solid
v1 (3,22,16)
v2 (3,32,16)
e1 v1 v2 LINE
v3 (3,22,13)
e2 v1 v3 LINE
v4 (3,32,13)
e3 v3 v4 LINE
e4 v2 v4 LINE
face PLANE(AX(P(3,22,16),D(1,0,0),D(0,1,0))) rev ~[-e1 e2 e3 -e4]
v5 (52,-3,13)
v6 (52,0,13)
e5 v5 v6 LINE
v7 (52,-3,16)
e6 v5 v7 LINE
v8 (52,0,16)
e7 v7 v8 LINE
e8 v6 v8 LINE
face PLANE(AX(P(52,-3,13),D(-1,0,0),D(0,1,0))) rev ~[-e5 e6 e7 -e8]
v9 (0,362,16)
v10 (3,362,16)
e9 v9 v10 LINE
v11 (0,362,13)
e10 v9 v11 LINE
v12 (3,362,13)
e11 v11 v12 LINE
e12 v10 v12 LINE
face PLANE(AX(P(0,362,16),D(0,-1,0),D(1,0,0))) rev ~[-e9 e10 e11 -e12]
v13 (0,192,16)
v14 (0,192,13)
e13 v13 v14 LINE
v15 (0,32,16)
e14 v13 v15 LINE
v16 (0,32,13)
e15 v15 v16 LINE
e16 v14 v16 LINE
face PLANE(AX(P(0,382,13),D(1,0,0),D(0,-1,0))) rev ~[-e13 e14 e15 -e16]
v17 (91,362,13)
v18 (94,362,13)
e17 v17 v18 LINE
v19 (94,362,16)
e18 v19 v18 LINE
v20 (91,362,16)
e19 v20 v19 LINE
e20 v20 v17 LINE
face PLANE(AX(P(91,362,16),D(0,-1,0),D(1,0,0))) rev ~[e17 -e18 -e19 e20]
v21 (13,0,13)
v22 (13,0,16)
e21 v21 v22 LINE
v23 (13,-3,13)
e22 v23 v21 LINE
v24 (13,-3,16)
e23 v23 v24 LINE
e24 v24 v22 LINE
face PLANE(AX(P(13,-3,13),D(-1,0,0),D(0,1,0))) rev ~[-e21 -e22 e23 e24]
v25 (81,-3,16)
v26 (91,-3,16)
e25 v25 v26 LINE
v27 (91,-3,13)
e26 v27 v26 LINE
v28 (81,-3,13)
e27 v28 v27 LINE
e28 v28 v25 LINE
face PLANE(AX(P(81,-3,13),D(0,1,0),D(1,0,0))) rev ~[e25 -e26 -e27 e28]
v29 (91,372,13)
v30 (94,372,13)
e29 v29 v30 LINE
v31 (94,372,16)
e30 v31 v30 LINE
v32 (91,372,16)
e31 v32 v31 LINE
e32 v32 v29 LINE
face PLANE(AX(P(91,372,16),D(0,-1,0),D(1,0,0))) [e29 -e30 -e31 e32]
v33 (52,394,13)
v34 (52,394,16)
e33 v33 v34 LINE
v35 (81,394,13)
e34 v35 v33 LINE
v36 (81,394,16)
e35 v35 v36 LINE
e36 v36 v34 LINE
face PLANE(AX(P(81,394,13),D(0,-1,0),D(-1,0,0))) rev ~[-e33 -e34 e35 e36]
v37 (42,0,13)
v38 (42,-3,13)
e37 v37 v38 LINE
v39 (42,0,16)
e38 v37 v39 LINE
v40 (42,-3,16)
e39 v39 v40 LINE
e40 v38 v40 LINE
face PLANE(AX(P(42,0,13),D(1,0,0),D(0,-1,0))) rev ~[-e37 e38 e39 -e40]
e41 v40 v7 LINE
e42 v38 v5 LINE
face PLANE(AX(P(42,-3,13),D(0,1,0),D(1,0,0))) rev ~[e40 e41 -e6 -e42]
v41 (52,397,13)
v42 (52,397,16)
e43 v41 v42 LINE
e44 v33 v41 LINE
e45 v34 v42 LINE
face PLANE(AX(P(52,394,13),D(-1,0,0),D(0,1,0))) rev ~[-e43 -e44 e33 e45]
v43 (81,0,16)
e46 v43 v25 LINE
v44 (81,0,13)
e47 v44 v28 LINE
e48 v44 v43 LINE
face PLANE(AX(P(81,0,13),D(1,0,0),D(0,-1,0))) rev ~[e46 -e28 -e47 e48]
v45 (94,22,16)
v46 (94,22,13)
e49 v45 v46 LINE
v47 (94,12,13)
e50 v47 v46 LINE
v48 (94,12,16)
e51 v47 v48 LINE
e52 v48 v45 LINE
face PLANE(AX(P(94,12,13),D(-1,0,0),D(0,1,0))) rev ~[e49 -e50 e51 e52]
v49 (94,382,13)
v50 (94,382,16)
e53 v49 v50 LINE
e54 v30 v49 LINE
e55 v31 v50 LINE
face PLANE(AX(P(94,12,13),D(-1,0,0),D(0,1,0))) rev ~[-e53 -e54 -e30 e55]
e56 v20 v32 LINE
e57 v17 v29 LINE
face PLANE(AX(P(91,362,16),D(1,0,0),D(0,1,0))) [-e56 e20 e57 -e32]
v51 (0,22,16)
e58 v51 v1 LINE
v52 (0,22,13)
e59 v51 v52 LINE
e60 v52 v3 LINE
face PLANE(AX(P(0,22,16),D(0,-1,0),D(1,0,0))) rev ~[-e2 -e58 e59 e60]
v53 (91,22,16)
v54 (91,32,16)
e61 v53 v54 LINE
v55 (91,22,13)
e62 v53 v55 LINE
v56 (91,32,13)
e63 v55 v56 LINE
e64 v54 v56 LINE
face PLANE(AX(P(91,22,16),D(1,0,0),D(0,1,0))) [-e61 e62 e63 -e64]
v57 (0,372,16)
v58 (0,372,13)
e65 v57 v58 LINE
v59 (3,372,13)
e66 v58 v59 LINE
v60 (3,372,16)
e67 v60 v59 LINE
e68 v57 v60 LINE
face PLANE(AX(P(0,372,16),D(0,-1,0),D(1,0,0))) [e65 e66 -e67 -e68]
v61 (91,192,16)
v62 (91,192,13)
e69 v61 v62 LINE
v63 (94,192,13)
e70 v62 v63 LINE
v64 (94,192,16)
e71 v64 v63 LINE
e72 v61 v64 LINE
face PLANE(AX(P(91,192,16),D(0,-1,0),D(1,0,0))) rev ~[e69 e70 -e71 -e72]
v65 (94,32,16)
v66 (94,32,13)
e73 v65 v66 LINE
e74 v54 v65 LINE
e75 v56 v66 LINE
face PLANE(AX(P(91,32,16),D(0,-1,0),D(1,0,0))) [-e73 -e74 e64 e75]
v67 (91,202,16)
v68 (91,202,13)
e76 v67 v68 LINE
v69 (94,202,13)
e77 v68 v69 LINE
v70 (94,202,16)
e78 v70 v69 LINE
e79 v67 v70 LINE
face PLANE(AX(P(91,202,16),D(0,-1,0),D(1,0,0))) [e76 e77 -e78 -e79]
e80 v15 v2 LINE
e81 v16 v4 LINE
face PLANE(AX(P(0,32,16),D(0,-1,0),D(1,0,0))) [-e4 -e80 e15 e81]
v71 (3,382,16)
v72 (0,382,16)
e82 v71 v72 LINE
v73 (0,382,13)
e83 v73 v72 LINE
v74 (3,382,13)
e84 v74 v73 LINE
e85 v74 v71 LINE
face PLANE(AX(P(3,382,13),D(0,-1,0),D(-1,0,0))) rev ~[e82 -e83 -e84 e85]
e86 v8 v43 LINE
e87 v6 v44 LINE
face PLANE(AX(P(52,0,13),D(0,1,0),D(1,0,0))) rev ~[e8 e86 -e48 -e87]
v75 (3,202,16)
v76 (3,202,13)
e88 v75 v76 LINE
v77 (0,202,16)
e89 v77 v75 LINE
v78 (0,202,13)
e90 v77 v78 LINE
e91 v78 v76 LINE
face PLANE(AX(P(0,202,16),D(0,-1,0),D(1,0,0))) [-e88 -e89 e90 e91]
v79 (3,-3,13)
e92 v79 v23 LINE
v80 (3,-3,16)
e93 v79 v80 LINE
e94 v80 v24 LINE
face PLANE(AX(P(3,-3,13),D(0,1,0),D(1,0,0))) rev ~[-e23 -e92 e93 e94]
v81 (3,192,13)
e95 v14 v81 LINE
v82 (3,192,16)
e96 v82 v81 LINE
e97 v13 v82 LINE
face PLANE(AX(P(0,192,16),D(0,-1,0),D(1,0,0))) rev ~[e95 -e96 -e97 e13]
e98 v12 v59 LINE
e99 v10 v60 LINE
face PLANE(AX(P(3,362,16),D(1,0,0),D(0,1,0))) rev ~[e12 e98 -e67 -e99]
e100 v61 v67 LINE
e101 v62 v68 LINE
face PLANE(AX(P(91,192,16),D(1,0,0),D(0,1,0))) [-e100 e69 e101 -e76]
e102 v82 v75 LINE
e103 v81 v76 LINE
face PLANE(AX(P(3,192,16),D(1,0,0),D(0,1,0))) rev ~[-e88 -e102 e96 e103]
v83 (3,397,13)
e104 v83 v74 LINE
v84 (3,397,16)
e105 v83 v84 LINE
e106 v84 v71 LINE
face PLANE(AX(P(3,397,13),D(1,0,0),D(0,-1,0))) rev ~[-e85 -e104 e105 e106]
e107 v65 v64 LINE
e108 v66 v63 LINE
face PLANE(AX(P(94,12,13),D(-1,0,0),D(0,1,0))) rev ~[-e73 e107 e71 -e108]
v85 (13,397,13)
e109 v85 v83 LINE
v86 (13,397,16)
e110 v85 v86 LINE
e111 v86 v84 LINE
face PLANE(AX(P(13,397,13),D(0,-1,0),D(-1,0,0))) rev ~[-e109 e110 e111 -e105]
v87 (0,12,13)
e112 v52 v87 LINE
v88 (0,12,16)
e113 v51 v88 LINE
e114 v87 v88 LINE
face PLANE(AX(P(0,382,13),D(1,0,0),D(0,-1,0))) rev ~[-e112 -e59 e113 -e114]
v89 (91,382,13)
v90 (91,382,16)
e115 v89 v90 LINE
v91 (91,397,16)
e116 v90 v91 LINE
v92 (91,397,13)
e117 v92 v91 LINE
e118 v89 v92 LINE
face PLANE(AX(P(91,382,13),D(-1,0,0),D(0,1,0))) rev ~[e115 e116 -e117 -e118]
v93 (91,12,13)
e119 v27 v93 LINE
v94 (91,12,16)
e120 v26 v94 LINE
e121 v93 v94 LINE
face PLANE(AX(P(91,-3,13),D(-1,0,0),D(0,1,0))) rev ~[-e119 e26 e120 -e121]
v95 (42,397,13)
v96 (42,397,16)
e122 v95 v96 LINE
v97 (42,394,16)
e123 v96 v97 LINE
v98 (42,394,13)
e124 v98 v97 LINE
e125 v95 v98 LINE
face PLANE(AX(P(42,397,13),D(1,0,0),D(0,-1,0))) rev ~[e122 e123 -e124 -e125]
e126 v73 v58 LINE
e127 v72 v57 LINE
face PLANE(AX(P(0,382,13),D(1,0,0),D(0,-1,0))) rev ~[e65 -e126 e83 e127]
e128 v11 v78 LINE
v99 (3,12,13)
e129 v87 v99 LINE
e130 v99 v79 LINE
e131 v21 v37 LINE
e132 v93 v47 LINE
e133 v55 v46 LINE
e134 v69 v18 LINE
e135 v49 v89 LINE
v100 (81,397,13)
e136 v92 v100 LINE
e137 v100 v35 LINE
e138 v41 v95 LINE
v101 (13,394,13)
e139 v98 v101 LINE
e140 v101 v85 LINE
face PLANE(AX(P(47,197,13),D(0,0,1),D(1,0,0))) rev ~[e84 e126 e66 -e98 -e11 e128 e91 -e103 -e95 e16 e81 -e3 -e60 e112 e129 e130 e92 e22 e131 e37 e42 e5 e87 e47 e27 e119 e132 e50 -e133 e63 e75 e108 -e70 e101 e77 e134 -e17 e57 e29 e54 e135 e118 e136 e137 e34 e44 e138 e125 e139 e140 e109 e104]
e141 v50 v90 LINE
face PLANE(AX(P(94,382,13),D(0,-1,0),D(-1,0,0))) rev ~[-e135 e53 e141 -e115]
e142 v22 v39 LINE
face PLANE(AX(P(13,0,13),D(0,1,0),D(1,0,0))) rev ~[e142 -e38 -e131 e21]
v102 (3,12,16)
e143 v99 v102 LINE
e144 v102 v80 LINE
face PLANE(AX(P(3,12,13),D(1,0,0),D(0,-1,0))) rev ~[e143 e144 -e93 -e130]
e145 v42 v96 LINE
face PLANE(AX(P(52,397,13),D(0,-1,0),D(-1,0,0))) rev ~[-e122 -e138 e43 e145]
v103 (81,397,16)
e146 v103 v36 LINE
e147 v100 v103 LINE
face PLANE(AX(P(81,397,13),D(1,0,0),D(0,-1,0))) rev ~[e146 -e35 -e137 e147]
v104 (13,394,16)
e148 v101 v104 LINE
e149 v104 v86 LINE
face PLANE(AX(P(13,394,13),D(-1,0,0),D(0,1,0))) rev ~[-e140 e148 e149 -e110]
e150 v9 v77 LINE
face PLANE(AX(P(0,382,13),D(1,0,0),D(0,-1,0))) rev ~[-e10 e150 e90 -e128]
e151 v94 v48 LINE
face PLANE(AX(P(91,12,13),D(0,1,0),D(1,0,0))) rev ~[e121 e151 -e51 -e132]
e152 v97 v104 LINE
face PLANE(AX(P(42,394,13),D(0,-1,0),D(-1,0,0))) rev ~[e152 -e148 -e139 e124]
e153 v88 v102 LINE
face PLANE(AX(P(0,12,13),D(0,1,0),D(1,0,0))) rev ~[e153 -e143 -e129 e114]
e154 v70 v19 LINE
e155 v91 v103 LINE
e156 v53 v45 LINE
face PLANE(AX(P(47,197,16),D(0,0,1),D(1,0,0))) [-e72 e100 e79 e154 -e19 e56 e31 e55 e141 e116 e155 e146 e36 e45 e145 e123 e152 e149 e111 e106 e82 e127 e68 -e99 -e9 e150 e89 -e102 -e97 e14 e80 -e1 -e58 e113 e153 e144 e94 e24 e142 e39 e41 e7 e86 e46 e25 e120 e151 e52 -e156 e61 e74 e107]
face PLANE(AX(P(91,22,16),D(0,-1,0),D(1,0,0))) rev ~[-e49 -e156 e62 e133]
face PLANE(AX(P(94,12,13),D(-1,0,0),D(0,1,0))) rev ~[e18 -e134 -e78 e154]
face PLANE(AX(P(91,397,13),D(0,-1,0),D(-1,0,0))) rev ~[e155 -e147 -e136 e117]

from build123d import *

# Parameters (mm, degrees)
PAD006_DEPTH           = 3
SKETCH012_W            = 3
SKETCH012_H            = 10
POCKET005_DEPTH        = 3
LINEARPATTERN004_COUNT = 3
LINEARPATTERN004_PITCH = 170


with BuildPart() as part:
    # Sketch010 → Pad006 (new body)
    with BuildSketch(Plane.XY):
        Polygon((0, -3), (10, -3), (10, 0), (39, 0), (39, -3), (49, -3), (49, 0), (78, 0), (78, -3), (88, -3), (88, 12), (91, 12), (91, 382), (88, 382), (88, 397), (78, 397), (78, 394), (49, 394), (49, 397), (39, 397), (39, 394), (10, 394), (10, 397), (0, 397), (0, 382), (-3, 382), (-3, 12), (0, 12), align=None)
    extrude(amount=PAD006_DEPTH)

    # Sketch012 → Pocket005 (cut)
    with BuildSketch(Plane.XY.offset(3)):
        with Locations((-1.5, 27)):
            Rectangle(SKETCH012_W, SKETCH012_H)
        with Locations((89.5, 27)):
            Rectangle(SKETCH012_W, SKETCH012_H)
    pocket005 = extrude(amount=-POCKET005_DEPTH, mode=Mode.SUBTRACT)

    # LinearPattern004: Pocket005 ×3
    with Locations(*[(0, i * LINEARPATTERN004_PITCH, 0) for i in range(1, LINEARPATTERN004_COUNT)]):
        add(pocket005, mode=Mode.SUBTRACT)


with BuildPart() as part_1:
    # Body006 placement: moved
    add(part.part.moved(Location((3, 0, 13))))


solid = part_1.part
